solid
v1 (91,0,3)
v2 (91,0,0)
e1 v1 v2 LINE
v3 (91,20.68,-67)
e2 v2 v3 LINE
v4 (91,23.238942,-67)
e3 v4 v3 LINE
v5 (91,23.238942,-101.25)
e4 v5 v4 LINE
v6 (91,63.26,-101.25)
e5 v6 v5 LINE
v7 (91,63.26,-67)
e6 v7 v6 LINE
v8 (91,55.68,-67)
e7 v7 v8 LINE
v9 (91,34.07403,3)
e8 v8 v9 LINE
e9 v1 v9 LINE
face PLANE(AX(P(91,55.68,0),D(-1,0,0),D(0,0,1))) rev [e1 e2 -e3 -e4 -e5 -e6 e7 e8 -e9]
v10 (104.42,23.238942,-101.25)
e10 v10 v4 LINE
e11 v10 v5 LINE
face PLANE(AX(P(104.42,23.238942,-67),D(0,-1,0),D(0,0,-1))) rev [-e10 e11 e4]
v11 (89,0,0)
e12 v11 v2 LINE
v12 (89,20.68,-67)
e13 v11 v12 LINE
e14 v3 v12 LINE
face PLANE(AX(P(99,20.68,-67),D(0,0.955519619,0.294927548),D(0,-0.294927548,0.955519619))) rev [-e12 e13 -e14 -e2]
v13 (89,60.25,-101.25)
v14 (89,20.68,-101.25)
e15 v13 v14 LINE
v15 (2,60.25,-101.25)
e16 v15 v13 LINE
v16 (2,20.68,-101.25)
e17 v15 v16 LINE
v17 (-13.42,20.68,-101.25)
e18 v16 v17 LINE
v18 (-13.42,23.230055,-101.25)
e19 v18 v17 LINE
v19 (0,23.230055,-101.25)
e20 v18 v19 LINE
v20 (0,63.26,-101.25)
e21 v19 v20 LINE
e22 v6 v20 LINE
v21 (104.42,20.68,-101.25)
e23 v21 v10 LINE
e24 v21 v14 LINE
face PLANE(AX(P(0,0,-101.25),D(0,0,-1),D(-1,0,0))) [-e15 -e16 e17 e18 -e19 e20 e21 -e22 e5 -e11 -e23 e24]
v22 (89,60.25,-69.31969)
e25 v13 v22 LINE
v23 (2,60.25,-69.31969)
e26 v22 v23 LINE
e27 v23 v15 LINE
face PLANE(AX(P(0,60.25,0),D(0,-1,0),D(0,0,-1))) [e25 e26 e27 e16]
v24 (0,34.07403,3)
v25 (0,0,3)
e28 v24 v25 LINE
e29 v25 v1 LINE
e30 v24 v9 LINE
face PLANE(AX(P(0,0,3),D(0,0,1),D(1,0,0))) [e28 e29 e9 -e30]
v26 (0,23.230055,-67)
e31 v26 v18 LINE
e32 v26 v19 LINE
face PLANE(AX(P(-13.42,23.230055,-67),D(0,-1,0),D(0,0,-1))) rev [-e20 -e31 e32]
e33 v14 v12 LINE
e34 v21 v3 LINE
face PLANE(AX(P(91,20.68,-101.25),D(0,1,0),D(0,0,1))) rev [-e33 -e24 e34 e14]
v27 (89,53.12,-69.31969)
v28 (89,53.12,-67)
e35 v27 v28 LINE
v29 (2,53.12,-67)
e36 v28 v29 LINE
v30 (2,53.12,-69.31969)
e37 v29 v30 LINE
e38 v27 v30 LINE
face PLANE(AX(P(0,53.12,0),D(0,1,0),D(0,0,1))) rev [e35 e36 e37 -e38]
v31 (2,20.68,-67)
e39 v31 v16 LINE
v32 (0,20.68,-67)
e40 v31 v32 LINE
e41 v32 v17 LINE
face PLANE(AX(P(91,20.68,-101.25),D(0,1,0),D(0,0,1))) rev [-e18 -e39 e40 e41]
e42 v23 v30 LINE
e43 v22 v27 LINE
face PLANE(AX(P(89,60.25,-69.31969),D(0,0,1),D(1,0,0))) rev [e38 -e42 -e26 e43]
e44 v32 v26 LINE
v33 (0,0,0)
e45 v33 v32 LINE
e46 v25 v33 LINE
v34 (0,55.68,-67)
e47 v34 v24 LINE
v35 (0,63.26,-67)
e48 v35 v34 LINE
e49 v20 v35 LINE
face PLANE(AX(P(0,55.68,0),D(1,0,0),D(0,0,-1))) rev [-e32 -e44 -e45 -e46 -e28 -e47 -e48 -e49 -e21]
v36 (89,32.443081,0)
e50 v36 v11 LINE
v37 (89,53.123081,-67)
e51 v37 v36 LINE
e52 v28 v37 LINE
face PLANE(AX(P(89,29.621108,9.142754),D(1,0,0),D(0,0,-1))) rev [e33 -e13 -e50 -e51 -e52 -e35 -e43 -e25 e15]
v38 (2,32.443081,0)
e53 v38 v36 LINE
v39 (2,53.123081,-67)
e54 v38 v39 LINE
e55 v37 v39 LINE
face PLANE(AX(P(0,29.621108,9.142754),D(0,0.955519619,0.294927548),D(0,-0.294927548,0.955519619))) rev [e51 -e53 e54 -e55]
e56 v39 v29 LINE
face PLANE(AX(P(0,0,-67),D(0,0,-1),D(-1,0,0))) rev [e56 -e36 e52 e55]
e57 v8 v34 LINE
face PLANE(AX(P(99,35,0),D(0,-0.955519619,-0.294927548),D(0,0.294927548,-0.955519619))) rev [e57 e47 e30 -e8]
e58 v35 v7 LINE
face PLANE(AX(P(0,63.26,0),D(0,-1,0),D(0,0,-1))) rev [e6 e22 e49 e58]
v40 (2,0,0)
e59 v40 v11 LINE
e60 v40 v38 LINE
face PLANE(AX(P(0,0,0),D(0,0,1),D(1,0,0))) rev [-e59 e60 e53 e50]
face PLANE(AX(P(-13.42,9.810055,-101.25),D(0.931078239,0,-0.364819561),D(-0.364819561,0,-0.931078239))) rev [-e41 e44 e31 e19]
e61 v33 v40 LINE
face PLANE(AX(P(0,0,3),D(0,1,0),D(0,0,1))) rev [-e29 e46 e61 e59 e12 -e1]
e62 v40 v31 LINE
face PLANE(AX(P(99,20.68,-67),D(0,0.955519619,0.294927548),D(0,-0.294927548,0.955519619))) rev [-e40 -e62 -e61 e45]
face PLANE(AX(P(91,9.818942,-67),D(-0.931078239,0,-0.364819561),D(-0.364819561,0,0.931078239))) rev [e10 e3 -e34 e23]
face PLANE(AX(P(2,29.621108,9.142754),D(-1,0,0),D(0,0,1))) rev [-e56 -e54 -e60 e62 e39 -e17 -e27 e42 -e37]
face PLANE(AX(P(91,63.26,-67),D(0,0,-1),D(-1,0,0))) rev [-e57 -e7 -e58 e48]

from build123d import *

# Parameters (mm, degrees)
SKETCH2_W            = 91
SKETCH2_H            = 67
BOSS_EXTRUDE10_DEPTH = 55.68
CUT_EXTRUDE13_DEPTH  = 99
CUT_EXTRUDE14_DEPTH  = 99
SKETCH28_W           = 87
SKETCH28_H           = 97.65285099
CUT_EXTRUDE16_DEPTH  = 31
SKETCH29_W           = 91
SKETCH29_H           = 35
BOSS_EXTRUDE12_DEPTH = 34.25
SKETCH30_W           = 87
SKETCH30_H           = 34.25
CUT_EXTRUDE18_DEPTH  = 32.44
SKETCH31_W           = 34.25
SKETCH31_H           = 2.550055223
BOSS_EXTRUDE13_DEPTH = 13.42
SKETCH32_W           = 34.25
SKETCH32_H           = 2.55894211
BOSS_EXTRUDE14_DEPTH = 13.42
CUT_EXTRUDE19_DEPTH  = 13.42
CUT_EXTRUDE20_DEPTH  = 13.42
SKETCH35_W           = 91
SKETCH35_H           = 35
BOSS_EXTRUDE15_DEPTH = 3
CUT_EXTRUDE21_DEPTH  = 99
SKETCH38_W           = 91
SKETCH38_H           = 34.25
BOSS_EXTRUDE16_DEPTH = 7.58
SKETCH40_W           = 87
SKETCH40_H           = 31.930310383
CUT_EXTRUDE23_DEPTH  = 7.13


with BuildPart() as part:
    # Sketch2 → Boss-Extrude10 (new body)
    with BuildSketch(Plane(origin=(0, 0, 0), x_dir=(1, 0, 0), z_dir=(0, 1, 0))):
        with Locations((45.5, 33.5)):
            Rectangle(SKETCH2_W, SKETCH2_H)
    extrude(amount=BOSS_EXTRUDE10_DEPTH)

    # Sketch24 → Cut-Extrude13 (cut)
    with BuildSketch(Plane.ZY):
        Polygon((-67, 0), (-67, 20.68), (0, 0), align=None)
    extrude(amount=-CUT_EXTRUDE13_DEPTH, mode=Mode.SUBTRACT)

    # Sketch26 → Cut-Extrude14 (cut)
    with BuildSketch(Plane.ZY):
        Polygon((0, 55.68), (0, 35), (-67, 55.68), align=None)
    extrude(amount=-CUT_EXTRUDE14_DEPTH, mode=Mode.SUBTRACT)

    # Sketch28 → Cut-Extrude16 (cut)
    with BuildSketch(Plane(origin=(0, 0, 0), x_dir=(-1, 0, 0), z_dir=(0, -0.955519618566905, -0.2949275479397551))):
        with Locations((-45.5, 48.826425495)):
            Rectangle(SKETCH28_W, SKETCH28_H)
    extrude(amount=-CUT_EXTRUDE16_DEPTH, mode=Mode.SUBTRACT)

    # Sketch29 → Boss-Extrude12 (add)
    with BuildSketch(Plane(origin=(0, 0, -67), x_dir=(-1, 0, 0), z_dir=(0, 0, -1))):
        with Locations((-45.5, 38.18)):
            Rectangle(SKETCH29_W, SKETCH29_H)
    extrude(amount=BOSS_EXTRUDE12_DEPTH)

    # Sketch30 → Cut-Extrude18 (cut)
    with BuildSketch(Plane.XZ.offset(-20.68)):
        with Locations((45.5, -84.125)):
            Rectangle(SKETCH30_W, SKETCH30_H)
    extrude(amount=-CUT_EXTRUDE18_DEPTH, mode=Mode.SUBTRACT)

    # Sketch31 → Boss-Extrude13 (add)
    with BuildSketch(Plane.ZY):
        with Locations((-84.125, 21.955027612)):
            Rectangle(SKETCH31_W, SKETCH31_H)
    extrude(amount=BOSS_EXTRUDE13_DEPTH)

    # Sketch32 → Boss-Extrude14 (add)
    with BuildSketch(Plane(origin=(91, 0, 0), x_dir=(0, 0, -1), z_dir=(1, 0, 0))):
        with Locations((84.125, 21.959471055)):
            Rectangle(SKETCH32_W, SKETCH32_H)
    extrude(amount=BOSS_EXTRUDE14_DEPTH)

    # Sketch33 → Cut-Extrude19 (cut)
    with BuildSketch(Plane(origin=(0, 23.230055223, 0), x_dir=(1, 0, 0), z_dir=(0, 1, 0))):
        Polygon((-13.42, 101.25), (0, 67), (-13.42, 67), align=None)
    extrude(amount=-CUT_EXTRUDE19_DEPTH, mode=Mode.SUBTRACT)

    # Sketch34 → Cut-Extrude20 (cut)
    with BuildSketch(Plane(origin=(0, 23.23894211, 0), x_dir=(1, 0, 0), z_dir=(0, 1, 0))):
        Polygon((91, 67), (104.42, 101.25), (104.42, 67), align=None)
    extrude(amount=-CUT_EXTRUDE20_DEPTH, mode=Mode.SUBTRACT)

    # Sketch35 → Boss-Extrude15 (add)
    with BuildSketch(Plane.XY):
        with Locations((45.5, 17.5)):
            Rectangle(SKETCH35_W, SKETCH35_H)
    extrude(amount=BOSS_EXTRUDE15_DEPTH)

    # Sketch36 → Cut-Extrude21 (cut)
    with BuildSketch(Plane.ZY):
        Polygon((0, 35), (3, 34.074029851), (3, 35), align=None)
    extrude(amount=-CUT_EXTRUDE21_DEPTH, mode=Mode.SUBTRACT)

    # Sketch38 → Boss-Extrude16 (add)
    with BuildSketch(Plane(origin=(0, 55.68, 0), x_dir=(1, 0, 0), z_dir=(0, 1, 0))):
        with Locations((45.5, 84.125)):
            Rectangle(SKETCH38_W, SKETCH38_H)
    extrude(amount=BOSS_EXTRUDE16_DEPTH)

    # Sketch40 → Cut-Extrude23 (cut)
    with BuildSketch(Plane.XZ.offset(-53.12)):
        with Locations((45.5, -85.284844808)):
            Rectangle(SKETCH40_W, SKETCH40_H)
    extrude(amount=-CUT_EXTRUDE23_DEPTH, mode=Mode.SUBTRACT)


solid = part.part
